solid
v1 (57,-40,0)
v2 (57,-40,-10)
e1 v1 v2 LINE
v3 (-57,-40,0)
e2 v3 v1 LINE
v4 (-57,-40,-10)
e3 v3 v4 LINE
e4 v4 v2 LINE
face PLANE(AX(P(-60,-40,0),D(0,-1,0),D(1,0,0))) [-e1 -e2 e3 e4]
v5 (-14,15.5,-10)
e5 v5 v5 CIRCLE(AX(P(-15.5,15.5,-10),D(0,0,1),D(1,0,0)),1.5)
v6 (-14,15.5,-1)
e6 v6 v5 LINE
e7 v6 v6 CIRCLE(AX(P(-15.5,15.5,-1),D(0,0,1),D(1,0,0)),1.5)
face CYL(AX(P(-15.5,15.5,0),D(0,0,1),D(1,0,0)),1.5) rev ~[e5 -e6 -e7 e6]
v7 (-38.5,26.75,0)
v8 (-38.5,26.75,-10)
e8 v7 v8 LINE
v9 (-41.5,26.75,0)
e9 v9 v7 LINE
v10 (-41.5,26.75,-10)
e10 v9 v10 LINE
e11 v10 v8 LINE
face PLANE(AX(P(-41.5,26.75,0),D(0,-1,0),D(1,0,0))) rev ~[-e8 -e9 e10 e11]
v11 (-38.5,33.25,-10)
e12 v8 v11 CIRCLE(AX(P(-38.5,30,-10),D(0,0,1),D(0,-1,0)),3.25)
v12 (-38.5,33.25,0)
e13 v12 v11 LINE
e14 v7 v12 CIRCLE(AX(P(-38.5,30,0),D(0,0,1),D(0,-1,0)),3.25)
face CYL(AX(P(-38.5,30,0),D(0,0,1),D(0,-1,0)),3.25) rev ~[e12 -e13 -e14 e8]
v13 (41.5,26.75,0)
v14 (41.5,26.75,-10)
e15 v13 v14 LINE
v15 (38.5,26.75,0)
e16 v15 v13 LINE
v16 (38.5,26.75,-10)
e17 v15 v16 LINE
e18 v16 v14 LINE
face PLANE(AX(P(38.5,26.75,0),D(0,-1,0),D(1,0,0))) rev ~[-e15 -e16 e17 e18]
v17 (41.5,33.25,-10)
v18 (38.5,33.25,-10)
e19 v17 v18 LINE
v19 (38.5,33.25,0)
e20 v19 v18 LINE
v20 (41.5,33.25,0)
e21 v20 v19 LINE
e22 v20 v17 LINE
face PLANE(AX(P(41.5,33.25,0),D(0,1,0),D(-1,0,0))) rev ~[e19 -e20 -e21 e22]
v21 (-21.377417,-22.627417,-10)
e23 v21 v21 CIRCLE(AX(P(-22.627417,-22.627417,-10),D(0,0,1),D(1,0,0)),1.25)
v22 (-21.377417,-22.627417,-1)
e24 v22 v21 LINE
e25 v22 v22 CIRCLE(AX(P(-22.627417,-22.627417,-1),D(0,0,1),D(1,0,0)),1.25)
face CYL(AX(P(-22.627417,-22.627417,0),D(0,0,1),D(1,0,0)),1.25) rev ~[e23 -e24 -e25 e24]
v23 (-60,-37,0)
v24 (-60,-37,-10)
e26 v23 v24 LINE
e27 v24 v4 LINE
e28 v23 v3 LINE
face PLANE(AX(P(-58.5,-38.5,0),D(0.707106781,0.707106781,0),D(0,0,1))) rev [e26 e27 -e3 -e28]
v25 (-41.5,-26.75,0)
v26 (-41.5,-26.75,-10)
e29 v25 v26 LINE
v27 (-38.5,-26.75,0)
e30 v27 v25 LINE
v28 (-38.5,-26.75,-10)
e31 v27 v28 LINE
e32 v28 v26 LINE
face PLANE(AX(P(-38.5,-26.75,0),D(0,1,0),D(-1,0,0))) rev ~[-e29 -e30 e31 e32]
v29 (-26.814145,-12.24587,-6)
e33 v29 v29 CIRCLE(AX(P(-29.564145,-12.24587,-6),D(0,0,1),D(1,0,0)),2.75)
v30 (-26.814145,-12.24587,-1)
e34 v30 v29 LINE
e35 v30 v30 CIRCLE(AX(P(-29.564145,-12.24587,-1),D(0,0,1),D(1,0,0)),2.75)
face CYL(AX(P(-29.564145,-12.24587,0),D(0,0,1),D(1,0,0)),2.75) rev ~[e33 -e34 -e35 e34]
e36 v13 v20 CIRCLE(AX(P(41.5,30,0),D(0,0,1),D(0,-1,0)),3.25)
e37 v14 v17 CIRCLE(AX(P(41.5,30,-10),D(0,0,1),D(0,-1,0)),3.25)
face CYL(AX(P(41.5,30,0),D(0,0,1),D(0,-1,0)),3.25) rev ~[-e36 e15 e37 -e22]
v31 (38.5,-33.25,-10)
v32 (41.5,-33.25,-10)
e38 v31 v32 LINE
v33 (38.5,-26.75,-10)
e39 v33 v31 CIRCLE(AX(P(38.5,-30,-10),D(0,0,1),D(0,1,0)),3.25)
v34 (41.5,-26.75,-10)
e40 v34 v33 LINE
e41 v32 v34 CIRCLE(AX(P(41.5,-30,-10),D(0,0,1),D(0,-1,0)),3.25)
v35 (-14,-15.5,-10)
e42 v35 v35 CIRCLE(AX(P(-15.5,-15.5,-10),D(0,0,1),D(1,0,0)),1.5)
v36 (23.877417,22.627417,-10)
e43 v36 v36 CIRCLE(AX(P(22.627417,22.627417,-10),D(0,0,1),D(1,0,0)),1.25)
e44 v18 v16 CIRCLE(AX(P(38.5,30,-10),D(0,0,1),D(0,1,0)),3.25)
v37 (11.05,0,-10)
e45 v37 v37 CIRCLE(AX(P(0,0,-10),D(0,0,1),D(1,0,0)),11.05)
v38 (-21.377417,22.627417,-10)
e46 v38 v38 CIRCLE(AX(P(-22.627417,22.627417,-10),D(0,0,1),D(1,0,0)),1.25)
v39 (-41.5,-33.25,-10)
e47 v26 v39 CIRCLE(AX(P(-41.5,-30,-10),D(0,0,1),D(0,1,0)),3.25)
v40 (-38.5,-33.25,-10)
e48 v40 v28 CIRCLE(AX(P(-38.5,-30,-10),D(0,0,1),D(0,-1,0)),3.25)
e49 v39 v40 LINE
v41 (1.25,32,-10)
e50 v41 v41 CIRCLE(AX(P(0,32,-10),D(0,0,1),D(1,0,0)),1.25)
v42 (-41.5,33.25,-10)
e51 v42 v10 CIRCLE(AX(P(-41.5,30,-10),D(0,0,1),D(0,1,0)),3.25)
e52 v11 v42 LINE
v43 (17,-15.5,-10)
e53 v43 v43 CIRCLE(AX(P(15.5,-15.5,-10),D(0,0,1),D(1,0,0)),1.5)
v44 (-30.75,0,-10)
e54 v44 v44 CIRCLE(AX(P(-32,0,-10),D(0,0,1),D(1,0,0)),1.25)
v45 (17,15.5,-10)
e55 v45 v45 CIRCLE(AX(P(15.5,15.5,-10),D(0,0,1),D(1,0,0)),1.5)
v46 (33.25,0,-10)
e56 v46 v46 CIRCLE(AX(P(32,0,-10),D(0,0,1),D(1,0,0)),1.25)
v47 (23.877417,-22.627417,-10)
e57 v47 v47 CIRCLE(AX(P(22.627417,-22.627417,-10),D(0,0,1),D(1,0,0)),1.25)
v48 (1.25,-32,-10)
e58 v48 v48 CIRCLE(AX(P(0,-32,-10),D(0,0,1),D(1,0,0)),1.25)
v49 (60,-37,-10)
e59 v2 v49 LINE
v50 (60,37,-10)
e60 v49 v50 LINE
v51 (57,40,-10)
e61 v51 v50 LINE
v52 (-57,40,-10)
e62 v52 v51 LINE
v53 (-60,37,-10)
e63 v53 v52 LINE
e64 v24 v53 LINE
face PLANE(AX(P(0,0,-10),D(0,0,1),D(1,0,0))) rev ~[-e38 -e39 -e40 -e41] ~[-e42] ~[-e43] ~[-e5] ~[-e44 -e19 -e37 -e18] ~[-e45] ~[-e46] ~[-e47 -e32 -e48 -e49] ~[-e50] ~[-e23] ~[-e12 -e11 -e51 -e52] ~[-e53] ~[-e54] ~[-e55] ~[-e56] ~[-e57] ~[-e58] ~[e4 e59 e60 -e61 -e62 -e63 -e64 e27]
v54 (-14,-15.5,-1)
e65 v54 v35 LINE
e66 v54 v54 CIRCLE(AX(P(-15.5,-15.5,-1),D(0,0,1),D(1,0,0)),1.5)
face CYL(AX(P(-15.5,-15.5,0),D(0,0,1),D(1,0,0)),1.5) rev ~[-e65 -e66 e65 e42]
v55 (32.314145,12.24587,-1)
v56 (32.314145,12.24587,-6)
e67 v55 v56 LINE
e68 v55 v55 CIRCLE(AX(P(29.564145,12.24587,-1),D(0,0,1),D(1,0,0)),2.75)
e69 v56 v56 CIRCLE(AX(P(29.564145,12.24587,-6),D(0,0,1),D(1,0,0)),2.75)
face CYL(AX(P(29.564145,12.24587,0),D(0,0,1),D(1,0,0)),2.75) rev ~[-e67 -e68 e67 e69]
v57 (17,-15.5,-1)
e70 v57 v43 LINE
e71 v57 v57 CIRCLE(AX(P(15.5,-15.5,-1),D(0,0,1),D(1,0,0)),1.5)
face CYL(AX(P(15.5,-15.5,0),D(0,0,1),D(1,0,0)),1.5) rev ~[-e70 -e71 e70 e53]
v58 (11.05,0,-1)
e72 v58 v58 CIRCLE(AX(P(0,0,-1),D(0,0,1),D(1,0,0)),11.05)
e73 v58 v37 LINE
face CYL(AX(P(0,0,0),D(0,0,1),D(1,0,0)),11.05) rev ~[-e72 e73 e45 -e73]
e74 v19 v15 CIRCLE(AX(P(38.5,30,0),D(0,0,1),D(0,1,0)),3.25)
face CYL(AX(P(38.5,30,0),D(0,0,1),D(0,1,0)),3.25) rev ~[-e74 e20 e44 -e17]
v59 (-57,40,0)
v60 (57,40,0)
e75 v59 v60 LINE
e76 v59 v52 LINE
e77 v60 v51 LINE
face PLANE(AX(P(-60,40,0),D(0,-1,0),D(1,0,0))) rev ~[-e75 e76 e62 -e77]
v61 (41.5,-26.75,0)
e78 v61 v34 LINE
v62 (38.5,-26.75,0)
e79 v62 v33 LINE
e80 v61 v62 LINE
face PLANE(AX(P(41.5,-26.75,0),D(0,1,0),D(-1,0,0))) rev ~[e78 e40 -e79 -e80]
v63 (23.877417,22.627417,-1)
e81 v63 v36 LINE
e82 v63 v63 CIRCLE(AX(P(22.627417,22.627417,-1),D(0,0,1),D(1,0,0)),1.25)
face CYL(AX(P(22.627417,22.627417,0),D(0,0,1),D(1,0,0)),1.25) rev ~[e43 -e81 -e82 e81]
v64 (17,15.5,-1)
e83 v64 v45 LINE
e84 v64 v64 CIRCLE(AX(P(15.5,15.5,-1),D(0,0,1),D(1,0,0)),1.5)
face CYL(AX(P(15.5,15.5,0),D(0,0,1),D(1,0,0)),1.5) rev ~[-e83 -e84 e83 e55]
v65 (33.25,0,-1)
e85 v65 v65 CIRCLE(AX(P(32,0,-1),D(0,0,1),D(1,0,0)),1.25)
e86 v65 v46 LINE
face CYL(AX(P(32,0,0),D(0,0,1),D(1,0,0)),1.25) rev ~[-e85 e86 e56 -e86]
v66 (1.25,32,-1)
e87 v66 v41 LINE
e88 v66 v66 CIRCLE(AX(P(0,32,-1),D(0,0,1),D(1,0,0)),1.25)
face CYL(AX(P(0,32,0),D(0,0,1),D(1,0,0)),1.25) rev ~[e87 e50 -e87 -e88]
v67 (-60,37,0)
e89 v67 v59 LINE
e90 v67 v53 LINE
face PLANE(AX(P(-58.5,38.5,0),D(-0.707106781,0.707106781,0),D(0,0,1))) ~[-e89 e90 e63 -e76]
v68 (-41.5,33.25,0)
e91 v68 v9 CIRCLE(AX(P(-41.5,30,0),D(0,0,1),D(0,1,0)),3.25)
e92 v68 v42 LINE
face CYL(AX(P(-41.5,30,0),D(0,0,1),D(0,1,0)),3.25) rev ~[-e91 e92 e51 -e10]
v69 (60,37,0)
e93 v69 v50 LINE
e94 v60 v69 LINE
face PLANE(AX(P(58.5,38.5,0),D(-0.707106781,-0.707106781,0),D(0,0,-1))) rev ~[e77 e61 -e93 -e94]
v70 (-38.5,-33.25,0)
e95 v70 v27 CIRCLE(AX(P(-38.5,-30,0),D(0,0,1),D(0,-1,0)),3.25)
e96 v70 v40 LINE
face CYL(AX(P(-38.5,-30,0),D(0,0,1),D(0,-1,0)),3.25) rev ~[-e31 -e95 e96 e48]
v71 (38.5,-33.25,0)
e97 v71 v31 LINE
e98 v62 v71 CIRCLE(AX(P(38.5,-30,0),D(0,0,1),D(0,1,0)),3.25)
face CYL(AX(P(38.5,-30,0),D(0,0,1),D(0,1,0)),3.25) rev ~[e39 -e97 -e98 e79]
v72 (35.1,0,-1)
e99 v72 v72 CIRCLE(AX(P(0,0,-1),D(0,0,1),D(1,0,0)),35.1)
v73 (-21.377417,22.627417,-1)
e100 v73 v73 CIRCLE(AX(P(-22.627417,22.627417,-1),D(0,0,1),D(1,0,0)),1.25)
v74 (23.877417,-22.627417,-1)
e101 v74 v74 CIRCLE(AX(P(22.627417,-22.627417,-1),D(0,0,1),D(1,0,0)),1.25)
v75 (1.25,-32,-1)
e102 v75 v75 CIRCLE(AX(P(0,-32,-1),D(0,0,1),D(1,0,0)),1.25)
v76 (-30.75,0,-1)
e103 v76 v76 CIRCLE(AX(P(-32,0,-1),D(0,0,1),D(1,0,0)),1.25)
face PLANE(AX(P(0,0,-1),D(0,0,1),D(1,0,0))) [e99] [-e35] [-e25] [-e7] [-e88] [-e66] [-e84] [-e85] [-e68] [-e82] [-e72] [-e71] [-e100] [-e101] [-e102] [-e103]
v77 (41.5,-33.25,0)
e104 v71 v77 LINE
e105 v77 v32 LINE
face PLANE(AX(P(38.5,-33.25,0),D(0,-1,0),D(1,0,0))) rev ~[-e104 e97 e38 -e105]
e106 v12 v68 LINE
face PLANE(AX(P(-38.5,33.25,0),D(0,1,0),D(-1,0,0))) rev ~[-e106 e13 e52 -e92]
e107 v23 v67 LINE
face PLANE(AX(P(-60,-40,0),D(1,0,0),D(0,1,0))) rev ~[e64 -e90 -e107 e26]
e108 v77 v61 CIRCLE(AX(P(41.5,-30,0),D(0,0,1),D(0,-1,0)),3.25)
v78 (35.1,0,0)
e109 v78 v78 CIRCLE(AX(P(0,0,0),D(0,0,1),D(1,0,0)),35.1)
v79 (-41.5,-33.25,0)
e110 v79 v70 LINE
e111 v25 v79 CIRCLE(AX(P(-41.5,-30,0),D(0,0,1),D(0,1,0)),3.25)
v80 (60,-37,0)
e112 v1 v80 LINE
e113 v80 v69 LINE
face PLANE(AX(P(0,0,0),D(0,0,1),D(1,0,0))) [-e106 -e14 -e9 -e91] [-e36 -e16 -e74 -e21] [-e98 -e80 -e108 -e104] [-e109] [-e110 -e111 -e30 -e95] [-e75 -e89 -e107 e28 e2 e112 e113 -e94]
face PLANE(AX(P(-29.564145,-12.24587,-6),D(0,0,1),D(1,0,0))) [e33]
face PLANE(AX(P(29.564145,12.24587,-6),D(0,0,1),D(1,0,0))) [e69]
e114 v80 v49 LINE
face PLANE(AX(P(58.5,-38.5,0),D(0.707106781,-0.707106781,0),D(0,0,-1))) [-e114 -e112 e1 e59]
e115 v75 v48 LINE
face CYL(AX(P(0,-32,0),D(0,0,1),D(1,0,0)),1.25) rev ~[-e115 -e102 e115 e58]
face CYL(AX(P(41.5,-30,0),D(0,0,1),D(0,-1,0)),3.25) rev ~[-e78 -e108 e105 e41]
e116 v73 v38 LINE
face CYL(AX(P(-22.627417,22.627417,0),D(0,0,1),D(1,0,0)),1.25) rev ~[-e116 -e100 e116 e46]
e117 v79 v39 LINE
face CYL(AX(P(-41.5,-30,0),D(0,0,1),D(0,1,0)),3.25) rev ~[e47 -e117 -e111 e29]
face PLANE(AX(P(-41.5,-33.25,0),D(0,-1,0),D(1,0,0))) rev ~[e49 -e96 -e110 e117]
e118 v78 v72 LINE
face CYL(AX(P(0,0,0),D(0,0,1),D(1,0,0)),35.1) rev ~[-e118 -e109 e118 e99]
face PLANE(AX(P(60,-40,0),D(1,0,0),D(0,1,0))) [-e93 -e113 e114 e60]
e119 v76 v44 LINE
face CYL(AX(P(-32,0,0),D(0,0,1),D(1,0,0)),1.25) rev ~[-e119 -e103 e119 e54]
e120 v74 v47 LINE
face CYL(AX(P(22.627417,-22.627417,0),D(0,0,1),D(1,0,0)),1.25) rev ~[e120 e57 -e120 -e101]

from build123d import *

# Parameters (mm, degrees)
SKETCH003_W     = 120
SKETCH003_H     = 80
PAD_DEPTH       = 10
SKETCH004_R     = 1.25
POCKET_DEPTH    = 10.001
SKETCH006_R     = 11.05
POCKET002_DEPTH = 10.001
CHAMFER_SIZE    = 3
SKETCH010_R     = 11.015
SKETCH010_R_2   = 1.5
POCKET006_DEPTH = 10.001
SKETCH011_R     = 2.75
POCKET007_DEPTH = 6
SKETCH012_R     = 35.1
POCKET008_DEPTH = 1
POCKET009_DEPTH = 10.001


with BuildPart() as part:
    # Sketch003 → Pad (new body)
    with BuildSketch(Plane.XY):
        Rectangle(SKETCH003_W, SKETCH003_H)
    extrude(amount=-PAD_DEPTH)

    # Sketch004 (on Face5 of Pad) → Pocket (cut, through all)
    with BuildSketch(Plane.XY):
        with Locations((-22.627417, 22.627417)):
            Circle(SKETCH004_R)
        with Locations((0, 32)):
            Circle(SKETCH004_R)
        with Locations((22.627417, 22.627417)):
            Circle(SKETCH004_R)
        with Locations((32, 0)):
            Circle(SKETCH004_R)
        with Locations((22.627417, -22.627417)):
            Circle(SKETCH004_R)
        with Locations((0, -32)):
            Circle(SKETCH004_R)
        with Locations((-22.627417, -22.627417)):
            Circle(SKETCH004_R)
        with Locations((-32, 0)):
            Circle(SKETCH004_R)
    extrude(amount=-POCKET_DEPTH, mode=Mode.SUBTRACT)

    # Sketch006 → Pocket002 (cut, through all)
    with BuildSketch(Plane.XY):
        Circle(SKETCH006_R)
    extrude(amount=-POCKET002_DEPTH, mode=Mode.SUBTRACT)

    # Chamfer
    chamfer_edges = [part.edges().sort_by_distance(p)[0] for p in [
        (60, -40, -5),
        (60, 40, -5),
        (-60, 40, -5),
        (-60, -40, -5),
    ]]
    chamfer(chamfer_edges, length=CHAMFER_SIZE)

    # Sketch010 (on Face5 of Pad) → Pocket006 (cut, through all)
    with BuildSketch(Plane.XY):
        Circle(SKETCH010_R)
        with Locations((-15.5, 15.5)):
            Circle(SKETCH010_R_2)
        with Locations((15.5, 15.5)):
            Circle(SKETCH010_R_2)
        with Locations((15.5, -15.5)):
            Circle(SKETCH010_R_2)
        with Locations((-15.5, -15.5)):
            Circle(SKETCH010_R_2)
    extrude(amount=-POCKET006_DEPTH, mode=Mode.SUBTRACT)

    # Sketch011 (on Face4 of Pocket) → Pocket007 (cut)
    with BuildSketch(Plane.XY):
        with Locations((-29.564145, -12.24587)):
            Circle(SKETCH011_R)
        with Locations((29.564145, 12.24587)):
            Circle(SKETCH011_R)
    extrude(amount=-POCKET007_DEPTH, mode=Mode.SUBTRACT)

    # Sketch012 (on Face4 of Pocket002) → Pocket008 (cut)
    with BuildSketch(Plane.XY):
        Circle(SKETCH012_R)
    extrude(amount=-POCKET008_DEPTH, mode=Mode.SUBTRACT)

    # Sketch013 (on Face2 of Pocket008) → Pocket009 (cut, through all)
    with BuildSketch(Plane.XY):
        with BuildLine():
            ThreePointArc((-41.5, 33.25), (-44.75, 30), (-41.5, 26.75))
            Line((-41.5, 26.75), (-38.5, 26.75))
            ThreePointArc((-38.5, 26.75), (-35.25, 30), (-38.5, 33.25))
            Line((-38.5, 33.25), (-41.5, 33.25))
        make_face()
        with BuildLine():
            ThreePointArc((38.5, 33.25), (35.25, 30), (38.5, 26.75))
            Line((38.5, 26.75), (41.5, 26.75))
            ThreePointArc((41.5, 26.75), (44.75, 30), (41.5, 33.25))
            Line((41.5, 33.25), (38.5, 33.25))
        make_face()
        with BuildLine():
            ThreePointArc((-41.5, -26.75), (-44.75, -30), (-41.5, -33.25))
            Line((-41.5, -33.25), (-38.5, -33.25))
            ThreePointArc((-38.5, -33.25), (-35.25, -30), (-38.5, -26.75))
            Line((-38.5, -26.75), (-41.5, -26.75))
        make_face()
        with BuildLine():
            ThreePointArc((38.5, -26.75), (35.25, -30), (38.5, -33.25))
            Line((38.5, -33.25), (41.5, -33.25))
            ThreePointArc((41.5, -33.25), (44.75, -30), (41.5, -26.75))
            Line((41.5, -26.75), (38.5, -26.75))
        make_face()
    extrude(amount=-POCKET009_DEPTH, mode=Mode.SUBTRACT)


solid = part.part
